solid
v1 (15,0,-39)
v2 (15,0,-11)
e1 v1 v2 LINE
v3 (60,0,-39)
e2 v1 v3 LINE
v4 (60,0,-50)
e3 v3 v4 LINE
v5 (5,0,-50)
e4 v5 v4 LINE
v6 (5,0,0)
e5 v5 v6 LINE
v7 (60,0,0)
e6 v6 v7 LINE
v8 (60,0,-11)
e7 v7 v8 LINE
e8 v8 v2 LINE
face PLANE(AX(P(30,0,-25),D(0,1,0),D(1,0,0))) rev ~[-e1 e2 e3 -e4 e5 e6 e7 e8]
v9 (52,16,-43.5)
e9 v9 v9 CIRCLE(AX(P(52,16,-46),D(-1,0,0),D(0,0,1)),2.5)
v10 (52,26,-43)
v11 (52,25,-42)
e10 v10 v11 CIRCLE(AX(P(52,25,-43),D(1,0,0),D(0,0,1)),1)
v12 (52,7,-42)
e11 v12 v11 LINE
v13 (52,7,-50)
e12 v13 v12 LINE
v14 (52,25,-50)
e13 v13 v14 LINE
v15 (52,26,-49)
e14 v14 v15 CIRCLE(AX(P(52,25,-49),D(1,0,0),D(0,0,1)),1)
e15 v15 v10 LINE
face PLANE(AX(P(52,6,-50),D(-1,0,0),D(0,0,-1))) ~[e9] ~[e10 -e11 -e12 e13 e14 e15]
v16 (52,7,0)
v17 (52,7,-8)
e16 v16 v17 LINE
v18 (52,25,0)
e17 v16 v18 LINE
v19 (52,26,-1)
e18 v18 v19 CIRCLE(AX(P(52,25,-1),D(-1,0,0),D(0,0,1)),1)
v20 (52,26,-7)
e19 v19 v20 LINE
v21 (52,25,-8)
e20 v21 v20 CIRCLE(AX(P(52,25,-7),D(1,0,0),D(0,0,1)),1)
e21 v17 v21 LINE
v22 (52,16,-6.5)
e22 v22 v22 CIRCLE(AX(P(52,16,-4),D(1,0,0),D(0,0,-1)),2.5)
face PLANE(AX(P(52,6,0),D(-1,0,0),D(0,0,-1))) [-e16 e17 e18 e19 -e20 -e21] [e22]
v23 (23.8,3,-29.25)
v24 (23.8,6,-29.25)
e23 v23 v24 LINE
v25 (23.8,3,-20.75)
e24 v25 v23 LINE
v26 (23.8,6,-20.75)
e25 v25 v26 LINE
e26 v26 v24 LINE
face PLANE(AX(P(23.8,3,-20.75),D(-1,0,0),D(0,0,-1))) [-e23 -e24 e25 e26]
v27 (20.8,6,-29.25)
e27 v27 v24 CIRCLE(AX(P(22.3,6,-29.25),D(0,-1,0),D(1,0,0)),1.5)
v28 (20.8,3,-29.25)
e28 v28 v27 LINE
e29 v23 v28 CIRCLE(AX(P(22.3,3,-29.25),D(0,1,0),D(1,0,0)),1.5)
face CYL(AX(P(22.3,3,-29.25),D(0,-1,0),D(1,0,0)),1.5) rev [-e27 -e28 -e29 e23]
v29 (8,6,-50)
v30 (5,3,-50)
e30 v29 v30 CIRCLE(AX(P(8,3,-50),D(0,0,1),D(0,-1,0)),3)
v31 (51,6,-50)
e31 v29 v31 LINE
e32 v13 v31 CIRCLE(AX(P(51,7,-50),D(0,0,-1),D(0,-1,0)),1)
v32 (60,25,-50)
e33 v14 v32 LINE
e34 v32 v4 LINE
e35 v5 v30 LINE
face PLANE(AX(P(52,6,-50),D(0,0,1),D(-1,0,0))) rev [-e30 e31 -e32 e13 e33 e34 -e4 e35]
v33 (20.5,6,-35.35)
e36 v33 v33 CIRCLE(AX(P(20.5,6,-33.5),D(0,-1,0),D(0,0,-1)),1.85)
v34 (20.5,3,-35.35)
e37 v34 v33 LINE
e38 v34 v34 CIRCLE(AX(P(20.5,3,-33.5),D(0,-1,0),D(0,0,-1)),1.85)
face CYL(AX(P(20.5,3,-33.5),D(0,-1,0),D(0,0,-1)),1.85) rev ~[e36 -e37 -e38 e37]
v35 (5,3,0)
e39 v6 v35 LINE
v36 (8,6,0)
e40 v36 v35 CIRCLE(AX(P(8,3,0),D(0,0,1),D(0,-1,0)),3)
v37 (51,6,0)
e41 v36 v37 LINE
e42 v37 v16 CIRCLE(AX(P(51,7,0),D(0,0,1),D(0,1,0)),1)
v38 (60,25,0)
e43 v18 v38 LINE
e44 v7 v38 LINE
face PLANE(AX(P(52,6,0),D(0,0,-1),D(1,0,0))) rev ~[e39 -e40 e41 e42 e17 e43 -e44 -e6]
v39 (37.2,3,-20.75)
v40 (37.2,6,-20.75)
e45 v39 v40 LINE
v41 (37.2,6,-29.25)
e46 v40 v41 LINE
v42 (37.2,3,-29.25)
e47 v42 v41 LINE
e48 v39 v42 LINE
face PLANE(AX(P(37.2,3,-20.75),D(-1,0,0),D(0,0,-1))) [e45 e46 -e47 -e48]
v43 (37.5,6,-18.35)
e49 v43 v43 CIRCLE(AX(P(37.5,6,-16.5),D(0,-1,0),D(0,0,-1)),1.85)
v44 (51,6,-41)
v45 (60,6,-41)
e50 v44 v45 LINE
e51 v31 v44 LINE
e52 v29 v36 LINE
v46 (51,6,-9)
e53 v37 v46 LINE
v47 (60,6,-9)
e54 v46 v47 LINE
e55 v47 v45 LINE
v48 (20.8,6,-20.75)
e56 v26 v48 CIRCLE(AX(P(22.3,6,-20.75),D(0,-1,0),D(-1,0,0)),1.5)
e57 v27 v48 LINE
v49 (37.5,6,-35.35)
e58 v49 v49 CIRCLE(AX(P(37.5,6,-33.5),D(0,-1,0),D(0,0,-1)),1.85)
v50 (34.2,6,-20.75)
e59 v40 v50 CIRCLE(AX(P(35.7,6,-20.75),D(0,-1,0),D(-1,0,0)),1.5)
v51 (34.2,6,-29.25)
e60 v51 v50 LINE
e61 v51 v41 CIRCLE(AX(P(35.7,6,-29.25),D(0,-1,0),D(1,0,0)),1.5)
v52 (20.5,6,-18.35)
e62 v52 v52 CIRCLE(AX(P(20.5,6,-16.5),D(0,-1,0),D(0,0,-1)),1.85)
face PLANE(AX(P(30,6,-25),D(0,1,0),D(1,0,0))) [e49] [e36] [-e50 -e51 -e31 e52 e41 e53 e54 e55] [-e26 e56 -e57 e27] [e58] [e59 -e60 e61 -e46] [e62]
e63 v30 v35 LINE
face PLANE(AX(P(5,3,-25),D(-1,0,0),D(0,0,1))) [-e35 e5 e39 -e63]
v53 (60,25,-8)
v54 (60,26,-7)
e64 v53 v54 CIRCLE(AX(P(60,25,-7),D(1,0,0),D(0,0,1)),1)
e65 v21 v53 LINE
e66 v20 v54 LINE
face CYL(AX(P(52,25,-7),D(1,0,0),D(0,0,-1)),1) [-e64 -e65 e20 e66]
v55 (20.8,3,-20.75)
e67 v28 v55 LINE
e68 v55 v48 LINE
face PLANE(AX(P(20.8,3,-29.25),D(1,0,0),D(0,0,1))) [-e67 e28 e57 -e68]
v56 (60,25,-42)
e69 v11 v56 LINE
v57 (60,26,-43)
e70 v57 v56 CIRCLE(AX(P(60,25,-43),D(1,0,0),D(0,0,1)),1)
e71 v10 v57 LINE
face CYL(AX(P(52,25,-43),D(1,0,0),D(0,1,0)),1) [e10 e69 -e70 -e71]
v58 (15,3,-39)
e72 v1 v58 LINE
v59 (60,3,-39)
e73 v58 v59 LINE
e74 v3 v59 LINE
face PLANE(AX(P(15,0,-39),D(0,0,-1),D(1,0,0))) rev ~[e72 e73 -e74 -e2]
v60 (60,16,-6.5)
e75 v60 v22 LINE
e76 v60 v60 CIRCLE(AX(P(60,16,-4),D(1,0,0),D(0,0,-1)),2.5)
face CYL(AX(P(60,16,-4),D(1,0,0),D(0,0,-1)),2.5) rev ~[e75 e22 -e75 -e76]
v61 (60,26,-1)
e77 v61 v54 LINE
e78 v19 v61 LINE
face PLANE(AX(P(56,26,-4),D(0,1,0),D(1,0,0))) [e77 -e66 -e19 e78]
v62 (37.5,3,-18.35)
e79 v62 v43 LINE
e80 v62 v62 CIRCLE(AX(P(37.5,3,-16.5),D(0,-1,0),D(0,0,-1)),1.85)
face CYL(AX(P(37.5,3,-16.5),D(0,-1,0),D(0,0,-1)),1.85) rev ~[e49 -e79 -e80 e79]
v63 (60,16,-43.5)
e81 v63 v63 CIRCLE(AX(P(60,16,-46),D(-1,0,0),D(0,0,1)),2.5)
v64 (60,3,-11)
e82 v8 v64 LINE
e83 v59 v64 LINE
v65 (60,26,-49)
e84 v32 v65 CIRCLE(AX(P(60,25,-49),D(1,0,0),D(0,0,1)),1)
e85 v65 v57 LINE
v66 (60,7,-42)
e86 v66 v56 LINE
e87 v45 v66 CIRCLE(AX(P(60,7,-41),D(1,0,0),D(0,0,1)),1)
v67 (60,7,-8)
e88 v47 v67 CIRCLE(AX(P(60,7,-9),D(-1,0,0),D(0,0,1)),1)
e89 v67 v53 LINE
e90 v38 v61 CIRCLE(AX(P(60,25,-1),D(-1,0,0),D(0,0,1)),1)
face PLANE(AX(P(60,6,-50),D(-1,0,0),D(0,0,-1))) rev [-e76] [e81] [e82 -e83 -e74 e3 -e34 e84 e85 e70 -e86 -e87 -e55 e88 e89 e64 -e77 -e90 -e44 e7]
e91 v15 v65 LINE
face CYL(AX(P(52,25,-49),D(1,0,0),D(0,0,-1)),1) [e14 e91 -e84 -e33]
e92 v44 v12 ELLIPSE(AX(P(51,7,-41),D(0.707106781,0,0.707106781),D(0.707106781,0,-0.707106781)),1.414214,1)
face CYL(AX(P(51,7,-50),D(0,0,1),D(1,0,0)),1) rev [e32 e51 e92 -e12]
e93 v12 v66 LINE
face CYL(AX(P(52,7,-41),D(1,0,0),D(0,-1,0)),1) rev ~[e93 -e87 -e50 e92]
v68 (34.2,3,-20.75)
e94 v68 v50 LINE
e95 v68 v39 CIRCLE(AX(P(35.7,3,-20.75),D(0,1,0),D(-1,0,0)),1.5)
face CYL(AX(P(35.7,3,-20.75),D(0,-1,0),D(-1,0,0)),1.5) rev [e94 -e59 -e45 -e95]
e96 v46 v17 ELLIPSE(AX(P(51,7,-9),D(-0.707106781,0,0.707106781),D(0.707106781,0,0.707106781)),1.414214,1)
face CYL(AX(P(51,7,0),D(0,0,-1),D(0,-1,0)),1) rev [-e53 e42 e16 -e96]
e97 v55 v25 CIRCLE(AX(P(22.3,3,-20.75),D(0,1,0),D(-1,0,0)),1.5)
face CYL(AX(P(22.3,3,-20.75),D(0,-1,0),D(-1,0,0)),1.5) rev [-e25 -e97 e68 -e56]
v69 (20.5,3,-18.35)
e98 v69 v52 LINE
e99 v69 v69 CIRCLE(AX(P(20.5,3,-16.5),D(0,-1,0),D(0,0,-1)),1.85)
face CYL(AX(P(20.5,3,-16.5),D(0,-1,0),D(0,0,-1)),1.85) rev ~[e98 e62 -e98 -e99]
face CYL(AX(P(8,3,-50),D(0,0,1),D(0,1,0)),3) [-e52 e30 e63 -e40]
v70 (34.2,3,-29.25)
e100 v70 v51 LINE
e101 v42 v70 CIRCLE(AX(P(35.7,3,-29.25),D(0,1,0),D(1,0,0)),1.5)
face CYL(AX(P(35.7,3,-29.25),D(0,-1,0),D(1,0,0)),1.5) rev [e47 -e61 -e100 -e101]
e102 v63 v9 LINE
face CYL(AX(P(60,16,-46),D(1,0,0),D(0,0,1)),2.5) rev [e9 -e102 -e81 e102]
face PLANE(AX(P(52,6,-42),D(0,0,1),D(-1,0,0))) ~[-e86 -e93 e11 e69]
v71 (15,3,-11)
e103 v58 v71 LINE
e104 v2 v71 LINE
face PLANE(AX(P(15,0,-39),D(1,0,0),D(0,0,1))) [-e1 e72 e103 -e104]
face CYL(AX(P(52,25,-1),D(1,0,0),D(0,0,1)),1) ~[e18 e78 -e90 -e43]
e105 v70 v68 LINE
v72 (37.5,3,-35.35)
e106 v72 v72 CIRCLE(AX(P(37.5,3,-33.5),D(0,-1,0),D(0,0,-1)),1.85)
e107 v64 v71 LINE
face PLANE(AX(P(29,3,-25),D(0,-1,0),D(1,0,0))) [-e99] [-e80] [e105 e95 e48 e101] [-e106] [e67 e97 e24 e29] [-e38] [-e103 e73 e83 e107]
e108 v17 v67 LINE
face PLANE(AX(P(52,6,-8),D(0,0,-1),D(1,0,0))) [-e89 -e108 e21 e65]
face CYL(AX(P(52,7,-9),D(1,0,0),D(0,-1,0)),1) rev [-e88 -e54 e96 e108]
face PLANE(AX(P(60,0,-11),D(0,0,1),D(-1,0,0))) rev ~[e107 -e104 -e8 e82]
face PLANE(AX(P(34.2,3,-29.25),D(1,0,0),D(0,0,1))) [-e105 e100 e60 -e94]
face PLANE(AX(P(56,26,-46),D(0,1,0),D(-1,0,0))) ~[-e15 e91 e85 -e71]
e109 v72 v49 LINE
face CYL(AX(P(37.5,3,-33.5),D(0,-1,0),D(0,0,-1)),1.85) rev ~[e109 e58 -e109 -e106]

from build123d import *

# Parameters (mm, degrees)
SKETCH1_W           = 60
SKETCH1_H           = 50
BOSS_EXTRUDE1_DEPTH = 6
SKETCH2_W           = 8
SKETCH2_H           = 8
BOSS_EXTRUDE2_DEPTH = 20
CUT_EXTRUDE1_REACH  = 84.316
SKETCH3_R           = 2.5
SKETCH4_W           = 28
SKETCH4_H           = 28
SKETCH4_W_2         = 17
CUT_EXTRUDE2_DEPTH  = 3
CUT_EXTRUDE3_REACH  = 83.419
SKETCH5_R           = 1.85
SKETCH6_W           = 50
SKETCH6_H           = 6
CUT_EXTRUDE4_DEPTH  = 5
FILLET1_R           = 1
FILLET2_R           = 1
FILLET4_R           = 3


with BuildPart() as part:
    # Sketch1 → Boss-Extrude1 (new body)
    with BuildSketch(Plane(origin=(0, 0, 0), x_dir=(1, 0, 0), z_dir=(0, 1, 0))):
        with Locations((30, 25)):
            Rectangle(SKETCH1_W, SKETCH1_H)
    extrude(amount=BOSS_EXTRUDE1_DEPTH)

    # Sketch2 → Boss-Extrude2 (add)
    with BuildSketch(Plane(origin=(0, 6, 0), x_dir=(1, 0, 0), z_dir=(0, 1, 0))):
        with Locations((56, 4)):
            Rectangle(SKETCH2_W, SKETCH2_H)
    boss_extrude2 = extrude(amount=BOSS_EXTRUDE2_DEPTH)

    # Sketch3 → Cut-Extrude1 (cut, up to next)
    with BuildSketch(Plane(origin=(60, 0, 0), x_dir=(0, 0, -1), z_dir=(1, 0, 0)), mode=Mode.PRIVATE) as cut_extrude1_sk1:
        with Locations((4, 16)):
            Circle(SKETCH3_R)
    cut_extrude1_tool1 = extrude(cut_extrude1_sk1.sketch, amount=-CUT_EXTRUDE1_REACH, mode=Mode.PRIVATE) & part.part
    cut_extrude1 = cut_extrude1_tool1.solids().sort_by_distance((60, 16, -4))[0]
    add(cut_extrude1, mode=Mode.SUBTRACT)

    # Mirror1: Boss-Extrude2, Cut-Extrude1 across plane
    add(boss_extrude2.mirror(Plane.XY.offset(-25)))
    add(cut_extrude1.mirror(Plane.XY.offset(-25)), mode=Mode.SUBTRACT)

    # Sketch4 → Cut-Extrude2 (cut)
    with BuildSketch(Plane.XZ):
        with Locations((29, -25)):
            Rectangle(SKETCH4_W, SKETCH4_H)
        with Locations((51.5, -25)):
            Rectangle(SKETCH4_W_2, SKETCH4_H)
    extrude(amount=-CUT_EXTRUDE2_DEPTH, mode=Mode.SUBTRACT)

    # Sketch5 → Cut-Extrude3 (cut, up to next)
    with BuildSketch(Plane.XZ.offset(-3), mode=Mode.PRIVATE) as cut_extrude3_sk1:
        with Locations(Location((20.5, -16.5, 0), (0, 0, 270))):
            Circle(SKETCH5_R)
    cut_extrude3_tool1 = extrude(cut_extrude3_sk1.sketch, amount=-CUT_EXTRUDE3_REACH, mode=Mode.PRIVATE) & part.part
    # Sketch5 → Cut-Extrude3 (cut, up to next)
    with BuildSketch(Plane.XZ.offset(-3), mode=Mode.PRIVATE) as cut_extrude3_sk2:
        with Locations(Location((37.5, -16.5, 0), (0, 0, 270))):
            Circle(SKETCH5_R)
    cut_extrude3_tool2 = extrude(cut_extrude3_sk2.sketch, amount=-CUT_EXTRUDE3_REACH, mode=Mode.PRIVATE) & part.part
    # Sketch5 → Cut-Extrude3 (cut, up to next)
    with BuildSketch(Plane.XZ.offset(-3), mode=Mode.PRIVATE) as cut_extrude3_sk3:
        with Locations(Location((37.5, -33.5, 0), (0, 0, 270))):
            Circle(SKETCH5_R)
    cut_extrude3_tool3 = extrude(cut_extrude3_sk3.sketch, amount=-CUT_EXTRUDE3_REACH, mode=Mode.PRIVATE) & part.part
    # Sketch5 → Cut-Extrude3 (cut, up to next)
    with BuildSketch(Plane.XZ.offset(-3), mode=Mode.PRIVATE) as cut_extrude3_sk4:
        with Locations(Location((20.5, -33.5, 0), (0, 0, 270))):
            Circle(SKETCH5_R)
    cut_extrude3_tool4 = extrude(cut_extrude3_sk4.sketch, amount=-CUT_EXTRUDE3_REACH, mode=Mode.PRIVATE) & part.part
    # Sketch5 → Cut-Extrude3 (cut, up to next)
    with BuildSketch(Plane.XZ.offset(-3), mode=Mode.PRIVATE) as cut_extrude3_sk5:
        with BuildLine():
            Line((37.2, -20.75), (37.2, -29.25))
            ThreePointArc((37.2, -29.25), (35.7, -30.75), (34.2, -29.25))
            Line((34.2, -29.25), (34.2, -20.75))
            ThreePointArc((34.2, -20.75), (35.7, -19.25), (37.2, -20.75))
        make_face()
    cut_extrude3_tool5 = extrude(cut_extrude3_sk5.sketch, amount=-CUT_EXTRUDE3_REACH, mode=Mode.PRIVATE) & part.part
    # Sketch5 → Cut-Extrude3 (cut, up to next)
    with BuildSketch(Plane.XZ.offset(-3), mode=Mode.PRIVATE) as cut_extrude3_sk6:
        with BuildLine():
            Line((23.8, -20.75), (23.8, -29.25))
            ThreePointArc((23.8, -29.25), (22.3, -30.75), (20.8, -29.25))
            Line((20.8, -29.25), (20.8, -20.75))
            ThreePointArc((20.8, -20.75), (22.3, -19.25), (23.8, -20.75))
        make_face()
    cut_extrude3_tool6 = extrude(cut_extrude3_sk6.sketch, amount=-CUT_EXTRUDE3_REACH, mode=Mode.PRIVATE) & part.part
    add(cut_extrude3_tool1.solids().sort_by_distance((20.5, 3, -16.5))[0], mode=Mode.SUBTRACT)
    add(cut_extrude3_tool2.solids().sort_by_distance((37.5, 3, -16.5))[0], mode=Mode.SUBTRACT)
    add(cut_extrude3_tool3.solids().sort_by_distance((37.5, 3, -33.5))[0], mode=Mode.SUBTRACT)
    add(cut_extrude3_tool4.solids().sort_by_distance((20.5, 3, -33.5))[0], mode=Mode.SUBTRACT)
    add(cut_extrude3_tool5.solids().sort_by_distance((35.7, 3, -25))[0], mode=Mode.SUBTRACT)
    add(cut_extrude3_tool6.solids().sort_by_distance((22.3, 3, -25))[0], mode=Mode.SUBTRACT)

    # Sketch6 → Cut-Extrude4 (cut)
    with BuildSketch(Plane.ZY):
        with Locations((-25, 3)):
            Rectangle(SKETCH6_W, SKETCH6_H)
    extrude(amount=-CUT_EXTRUDE4_DEPTH, mode=Mode.SUBTRACT)

    # Fillet1
    fillet1_edges = [part.edges().sort_by_distance(p)[0] for p in [
        (56, 26, -8),
        (56, 26, 0),
        (56, 26, -50),
        (56, 26, -42),
    ]]
    fillet(fillet1_edges, radius=FILLET1_R)

    # Fillet2
    fillet2_edges = [part.edges().sort_by_distance(p)[0] for p in [
        (56, 6, -8),
        (52, 6, -4),
        (56, 6, -42),
        (52, 6, -46),
    ]]
    fillet(fillet2_edges, radius=FILLET2_R)

    # Fillet4
    fillet4_edges = [part.edges().sort_by_distance(p)[0] for p in [
        (5, 6, -25),
    ]]
    fillet(fillet4_edges, radius=FILLET4_R)


solid = part.part
